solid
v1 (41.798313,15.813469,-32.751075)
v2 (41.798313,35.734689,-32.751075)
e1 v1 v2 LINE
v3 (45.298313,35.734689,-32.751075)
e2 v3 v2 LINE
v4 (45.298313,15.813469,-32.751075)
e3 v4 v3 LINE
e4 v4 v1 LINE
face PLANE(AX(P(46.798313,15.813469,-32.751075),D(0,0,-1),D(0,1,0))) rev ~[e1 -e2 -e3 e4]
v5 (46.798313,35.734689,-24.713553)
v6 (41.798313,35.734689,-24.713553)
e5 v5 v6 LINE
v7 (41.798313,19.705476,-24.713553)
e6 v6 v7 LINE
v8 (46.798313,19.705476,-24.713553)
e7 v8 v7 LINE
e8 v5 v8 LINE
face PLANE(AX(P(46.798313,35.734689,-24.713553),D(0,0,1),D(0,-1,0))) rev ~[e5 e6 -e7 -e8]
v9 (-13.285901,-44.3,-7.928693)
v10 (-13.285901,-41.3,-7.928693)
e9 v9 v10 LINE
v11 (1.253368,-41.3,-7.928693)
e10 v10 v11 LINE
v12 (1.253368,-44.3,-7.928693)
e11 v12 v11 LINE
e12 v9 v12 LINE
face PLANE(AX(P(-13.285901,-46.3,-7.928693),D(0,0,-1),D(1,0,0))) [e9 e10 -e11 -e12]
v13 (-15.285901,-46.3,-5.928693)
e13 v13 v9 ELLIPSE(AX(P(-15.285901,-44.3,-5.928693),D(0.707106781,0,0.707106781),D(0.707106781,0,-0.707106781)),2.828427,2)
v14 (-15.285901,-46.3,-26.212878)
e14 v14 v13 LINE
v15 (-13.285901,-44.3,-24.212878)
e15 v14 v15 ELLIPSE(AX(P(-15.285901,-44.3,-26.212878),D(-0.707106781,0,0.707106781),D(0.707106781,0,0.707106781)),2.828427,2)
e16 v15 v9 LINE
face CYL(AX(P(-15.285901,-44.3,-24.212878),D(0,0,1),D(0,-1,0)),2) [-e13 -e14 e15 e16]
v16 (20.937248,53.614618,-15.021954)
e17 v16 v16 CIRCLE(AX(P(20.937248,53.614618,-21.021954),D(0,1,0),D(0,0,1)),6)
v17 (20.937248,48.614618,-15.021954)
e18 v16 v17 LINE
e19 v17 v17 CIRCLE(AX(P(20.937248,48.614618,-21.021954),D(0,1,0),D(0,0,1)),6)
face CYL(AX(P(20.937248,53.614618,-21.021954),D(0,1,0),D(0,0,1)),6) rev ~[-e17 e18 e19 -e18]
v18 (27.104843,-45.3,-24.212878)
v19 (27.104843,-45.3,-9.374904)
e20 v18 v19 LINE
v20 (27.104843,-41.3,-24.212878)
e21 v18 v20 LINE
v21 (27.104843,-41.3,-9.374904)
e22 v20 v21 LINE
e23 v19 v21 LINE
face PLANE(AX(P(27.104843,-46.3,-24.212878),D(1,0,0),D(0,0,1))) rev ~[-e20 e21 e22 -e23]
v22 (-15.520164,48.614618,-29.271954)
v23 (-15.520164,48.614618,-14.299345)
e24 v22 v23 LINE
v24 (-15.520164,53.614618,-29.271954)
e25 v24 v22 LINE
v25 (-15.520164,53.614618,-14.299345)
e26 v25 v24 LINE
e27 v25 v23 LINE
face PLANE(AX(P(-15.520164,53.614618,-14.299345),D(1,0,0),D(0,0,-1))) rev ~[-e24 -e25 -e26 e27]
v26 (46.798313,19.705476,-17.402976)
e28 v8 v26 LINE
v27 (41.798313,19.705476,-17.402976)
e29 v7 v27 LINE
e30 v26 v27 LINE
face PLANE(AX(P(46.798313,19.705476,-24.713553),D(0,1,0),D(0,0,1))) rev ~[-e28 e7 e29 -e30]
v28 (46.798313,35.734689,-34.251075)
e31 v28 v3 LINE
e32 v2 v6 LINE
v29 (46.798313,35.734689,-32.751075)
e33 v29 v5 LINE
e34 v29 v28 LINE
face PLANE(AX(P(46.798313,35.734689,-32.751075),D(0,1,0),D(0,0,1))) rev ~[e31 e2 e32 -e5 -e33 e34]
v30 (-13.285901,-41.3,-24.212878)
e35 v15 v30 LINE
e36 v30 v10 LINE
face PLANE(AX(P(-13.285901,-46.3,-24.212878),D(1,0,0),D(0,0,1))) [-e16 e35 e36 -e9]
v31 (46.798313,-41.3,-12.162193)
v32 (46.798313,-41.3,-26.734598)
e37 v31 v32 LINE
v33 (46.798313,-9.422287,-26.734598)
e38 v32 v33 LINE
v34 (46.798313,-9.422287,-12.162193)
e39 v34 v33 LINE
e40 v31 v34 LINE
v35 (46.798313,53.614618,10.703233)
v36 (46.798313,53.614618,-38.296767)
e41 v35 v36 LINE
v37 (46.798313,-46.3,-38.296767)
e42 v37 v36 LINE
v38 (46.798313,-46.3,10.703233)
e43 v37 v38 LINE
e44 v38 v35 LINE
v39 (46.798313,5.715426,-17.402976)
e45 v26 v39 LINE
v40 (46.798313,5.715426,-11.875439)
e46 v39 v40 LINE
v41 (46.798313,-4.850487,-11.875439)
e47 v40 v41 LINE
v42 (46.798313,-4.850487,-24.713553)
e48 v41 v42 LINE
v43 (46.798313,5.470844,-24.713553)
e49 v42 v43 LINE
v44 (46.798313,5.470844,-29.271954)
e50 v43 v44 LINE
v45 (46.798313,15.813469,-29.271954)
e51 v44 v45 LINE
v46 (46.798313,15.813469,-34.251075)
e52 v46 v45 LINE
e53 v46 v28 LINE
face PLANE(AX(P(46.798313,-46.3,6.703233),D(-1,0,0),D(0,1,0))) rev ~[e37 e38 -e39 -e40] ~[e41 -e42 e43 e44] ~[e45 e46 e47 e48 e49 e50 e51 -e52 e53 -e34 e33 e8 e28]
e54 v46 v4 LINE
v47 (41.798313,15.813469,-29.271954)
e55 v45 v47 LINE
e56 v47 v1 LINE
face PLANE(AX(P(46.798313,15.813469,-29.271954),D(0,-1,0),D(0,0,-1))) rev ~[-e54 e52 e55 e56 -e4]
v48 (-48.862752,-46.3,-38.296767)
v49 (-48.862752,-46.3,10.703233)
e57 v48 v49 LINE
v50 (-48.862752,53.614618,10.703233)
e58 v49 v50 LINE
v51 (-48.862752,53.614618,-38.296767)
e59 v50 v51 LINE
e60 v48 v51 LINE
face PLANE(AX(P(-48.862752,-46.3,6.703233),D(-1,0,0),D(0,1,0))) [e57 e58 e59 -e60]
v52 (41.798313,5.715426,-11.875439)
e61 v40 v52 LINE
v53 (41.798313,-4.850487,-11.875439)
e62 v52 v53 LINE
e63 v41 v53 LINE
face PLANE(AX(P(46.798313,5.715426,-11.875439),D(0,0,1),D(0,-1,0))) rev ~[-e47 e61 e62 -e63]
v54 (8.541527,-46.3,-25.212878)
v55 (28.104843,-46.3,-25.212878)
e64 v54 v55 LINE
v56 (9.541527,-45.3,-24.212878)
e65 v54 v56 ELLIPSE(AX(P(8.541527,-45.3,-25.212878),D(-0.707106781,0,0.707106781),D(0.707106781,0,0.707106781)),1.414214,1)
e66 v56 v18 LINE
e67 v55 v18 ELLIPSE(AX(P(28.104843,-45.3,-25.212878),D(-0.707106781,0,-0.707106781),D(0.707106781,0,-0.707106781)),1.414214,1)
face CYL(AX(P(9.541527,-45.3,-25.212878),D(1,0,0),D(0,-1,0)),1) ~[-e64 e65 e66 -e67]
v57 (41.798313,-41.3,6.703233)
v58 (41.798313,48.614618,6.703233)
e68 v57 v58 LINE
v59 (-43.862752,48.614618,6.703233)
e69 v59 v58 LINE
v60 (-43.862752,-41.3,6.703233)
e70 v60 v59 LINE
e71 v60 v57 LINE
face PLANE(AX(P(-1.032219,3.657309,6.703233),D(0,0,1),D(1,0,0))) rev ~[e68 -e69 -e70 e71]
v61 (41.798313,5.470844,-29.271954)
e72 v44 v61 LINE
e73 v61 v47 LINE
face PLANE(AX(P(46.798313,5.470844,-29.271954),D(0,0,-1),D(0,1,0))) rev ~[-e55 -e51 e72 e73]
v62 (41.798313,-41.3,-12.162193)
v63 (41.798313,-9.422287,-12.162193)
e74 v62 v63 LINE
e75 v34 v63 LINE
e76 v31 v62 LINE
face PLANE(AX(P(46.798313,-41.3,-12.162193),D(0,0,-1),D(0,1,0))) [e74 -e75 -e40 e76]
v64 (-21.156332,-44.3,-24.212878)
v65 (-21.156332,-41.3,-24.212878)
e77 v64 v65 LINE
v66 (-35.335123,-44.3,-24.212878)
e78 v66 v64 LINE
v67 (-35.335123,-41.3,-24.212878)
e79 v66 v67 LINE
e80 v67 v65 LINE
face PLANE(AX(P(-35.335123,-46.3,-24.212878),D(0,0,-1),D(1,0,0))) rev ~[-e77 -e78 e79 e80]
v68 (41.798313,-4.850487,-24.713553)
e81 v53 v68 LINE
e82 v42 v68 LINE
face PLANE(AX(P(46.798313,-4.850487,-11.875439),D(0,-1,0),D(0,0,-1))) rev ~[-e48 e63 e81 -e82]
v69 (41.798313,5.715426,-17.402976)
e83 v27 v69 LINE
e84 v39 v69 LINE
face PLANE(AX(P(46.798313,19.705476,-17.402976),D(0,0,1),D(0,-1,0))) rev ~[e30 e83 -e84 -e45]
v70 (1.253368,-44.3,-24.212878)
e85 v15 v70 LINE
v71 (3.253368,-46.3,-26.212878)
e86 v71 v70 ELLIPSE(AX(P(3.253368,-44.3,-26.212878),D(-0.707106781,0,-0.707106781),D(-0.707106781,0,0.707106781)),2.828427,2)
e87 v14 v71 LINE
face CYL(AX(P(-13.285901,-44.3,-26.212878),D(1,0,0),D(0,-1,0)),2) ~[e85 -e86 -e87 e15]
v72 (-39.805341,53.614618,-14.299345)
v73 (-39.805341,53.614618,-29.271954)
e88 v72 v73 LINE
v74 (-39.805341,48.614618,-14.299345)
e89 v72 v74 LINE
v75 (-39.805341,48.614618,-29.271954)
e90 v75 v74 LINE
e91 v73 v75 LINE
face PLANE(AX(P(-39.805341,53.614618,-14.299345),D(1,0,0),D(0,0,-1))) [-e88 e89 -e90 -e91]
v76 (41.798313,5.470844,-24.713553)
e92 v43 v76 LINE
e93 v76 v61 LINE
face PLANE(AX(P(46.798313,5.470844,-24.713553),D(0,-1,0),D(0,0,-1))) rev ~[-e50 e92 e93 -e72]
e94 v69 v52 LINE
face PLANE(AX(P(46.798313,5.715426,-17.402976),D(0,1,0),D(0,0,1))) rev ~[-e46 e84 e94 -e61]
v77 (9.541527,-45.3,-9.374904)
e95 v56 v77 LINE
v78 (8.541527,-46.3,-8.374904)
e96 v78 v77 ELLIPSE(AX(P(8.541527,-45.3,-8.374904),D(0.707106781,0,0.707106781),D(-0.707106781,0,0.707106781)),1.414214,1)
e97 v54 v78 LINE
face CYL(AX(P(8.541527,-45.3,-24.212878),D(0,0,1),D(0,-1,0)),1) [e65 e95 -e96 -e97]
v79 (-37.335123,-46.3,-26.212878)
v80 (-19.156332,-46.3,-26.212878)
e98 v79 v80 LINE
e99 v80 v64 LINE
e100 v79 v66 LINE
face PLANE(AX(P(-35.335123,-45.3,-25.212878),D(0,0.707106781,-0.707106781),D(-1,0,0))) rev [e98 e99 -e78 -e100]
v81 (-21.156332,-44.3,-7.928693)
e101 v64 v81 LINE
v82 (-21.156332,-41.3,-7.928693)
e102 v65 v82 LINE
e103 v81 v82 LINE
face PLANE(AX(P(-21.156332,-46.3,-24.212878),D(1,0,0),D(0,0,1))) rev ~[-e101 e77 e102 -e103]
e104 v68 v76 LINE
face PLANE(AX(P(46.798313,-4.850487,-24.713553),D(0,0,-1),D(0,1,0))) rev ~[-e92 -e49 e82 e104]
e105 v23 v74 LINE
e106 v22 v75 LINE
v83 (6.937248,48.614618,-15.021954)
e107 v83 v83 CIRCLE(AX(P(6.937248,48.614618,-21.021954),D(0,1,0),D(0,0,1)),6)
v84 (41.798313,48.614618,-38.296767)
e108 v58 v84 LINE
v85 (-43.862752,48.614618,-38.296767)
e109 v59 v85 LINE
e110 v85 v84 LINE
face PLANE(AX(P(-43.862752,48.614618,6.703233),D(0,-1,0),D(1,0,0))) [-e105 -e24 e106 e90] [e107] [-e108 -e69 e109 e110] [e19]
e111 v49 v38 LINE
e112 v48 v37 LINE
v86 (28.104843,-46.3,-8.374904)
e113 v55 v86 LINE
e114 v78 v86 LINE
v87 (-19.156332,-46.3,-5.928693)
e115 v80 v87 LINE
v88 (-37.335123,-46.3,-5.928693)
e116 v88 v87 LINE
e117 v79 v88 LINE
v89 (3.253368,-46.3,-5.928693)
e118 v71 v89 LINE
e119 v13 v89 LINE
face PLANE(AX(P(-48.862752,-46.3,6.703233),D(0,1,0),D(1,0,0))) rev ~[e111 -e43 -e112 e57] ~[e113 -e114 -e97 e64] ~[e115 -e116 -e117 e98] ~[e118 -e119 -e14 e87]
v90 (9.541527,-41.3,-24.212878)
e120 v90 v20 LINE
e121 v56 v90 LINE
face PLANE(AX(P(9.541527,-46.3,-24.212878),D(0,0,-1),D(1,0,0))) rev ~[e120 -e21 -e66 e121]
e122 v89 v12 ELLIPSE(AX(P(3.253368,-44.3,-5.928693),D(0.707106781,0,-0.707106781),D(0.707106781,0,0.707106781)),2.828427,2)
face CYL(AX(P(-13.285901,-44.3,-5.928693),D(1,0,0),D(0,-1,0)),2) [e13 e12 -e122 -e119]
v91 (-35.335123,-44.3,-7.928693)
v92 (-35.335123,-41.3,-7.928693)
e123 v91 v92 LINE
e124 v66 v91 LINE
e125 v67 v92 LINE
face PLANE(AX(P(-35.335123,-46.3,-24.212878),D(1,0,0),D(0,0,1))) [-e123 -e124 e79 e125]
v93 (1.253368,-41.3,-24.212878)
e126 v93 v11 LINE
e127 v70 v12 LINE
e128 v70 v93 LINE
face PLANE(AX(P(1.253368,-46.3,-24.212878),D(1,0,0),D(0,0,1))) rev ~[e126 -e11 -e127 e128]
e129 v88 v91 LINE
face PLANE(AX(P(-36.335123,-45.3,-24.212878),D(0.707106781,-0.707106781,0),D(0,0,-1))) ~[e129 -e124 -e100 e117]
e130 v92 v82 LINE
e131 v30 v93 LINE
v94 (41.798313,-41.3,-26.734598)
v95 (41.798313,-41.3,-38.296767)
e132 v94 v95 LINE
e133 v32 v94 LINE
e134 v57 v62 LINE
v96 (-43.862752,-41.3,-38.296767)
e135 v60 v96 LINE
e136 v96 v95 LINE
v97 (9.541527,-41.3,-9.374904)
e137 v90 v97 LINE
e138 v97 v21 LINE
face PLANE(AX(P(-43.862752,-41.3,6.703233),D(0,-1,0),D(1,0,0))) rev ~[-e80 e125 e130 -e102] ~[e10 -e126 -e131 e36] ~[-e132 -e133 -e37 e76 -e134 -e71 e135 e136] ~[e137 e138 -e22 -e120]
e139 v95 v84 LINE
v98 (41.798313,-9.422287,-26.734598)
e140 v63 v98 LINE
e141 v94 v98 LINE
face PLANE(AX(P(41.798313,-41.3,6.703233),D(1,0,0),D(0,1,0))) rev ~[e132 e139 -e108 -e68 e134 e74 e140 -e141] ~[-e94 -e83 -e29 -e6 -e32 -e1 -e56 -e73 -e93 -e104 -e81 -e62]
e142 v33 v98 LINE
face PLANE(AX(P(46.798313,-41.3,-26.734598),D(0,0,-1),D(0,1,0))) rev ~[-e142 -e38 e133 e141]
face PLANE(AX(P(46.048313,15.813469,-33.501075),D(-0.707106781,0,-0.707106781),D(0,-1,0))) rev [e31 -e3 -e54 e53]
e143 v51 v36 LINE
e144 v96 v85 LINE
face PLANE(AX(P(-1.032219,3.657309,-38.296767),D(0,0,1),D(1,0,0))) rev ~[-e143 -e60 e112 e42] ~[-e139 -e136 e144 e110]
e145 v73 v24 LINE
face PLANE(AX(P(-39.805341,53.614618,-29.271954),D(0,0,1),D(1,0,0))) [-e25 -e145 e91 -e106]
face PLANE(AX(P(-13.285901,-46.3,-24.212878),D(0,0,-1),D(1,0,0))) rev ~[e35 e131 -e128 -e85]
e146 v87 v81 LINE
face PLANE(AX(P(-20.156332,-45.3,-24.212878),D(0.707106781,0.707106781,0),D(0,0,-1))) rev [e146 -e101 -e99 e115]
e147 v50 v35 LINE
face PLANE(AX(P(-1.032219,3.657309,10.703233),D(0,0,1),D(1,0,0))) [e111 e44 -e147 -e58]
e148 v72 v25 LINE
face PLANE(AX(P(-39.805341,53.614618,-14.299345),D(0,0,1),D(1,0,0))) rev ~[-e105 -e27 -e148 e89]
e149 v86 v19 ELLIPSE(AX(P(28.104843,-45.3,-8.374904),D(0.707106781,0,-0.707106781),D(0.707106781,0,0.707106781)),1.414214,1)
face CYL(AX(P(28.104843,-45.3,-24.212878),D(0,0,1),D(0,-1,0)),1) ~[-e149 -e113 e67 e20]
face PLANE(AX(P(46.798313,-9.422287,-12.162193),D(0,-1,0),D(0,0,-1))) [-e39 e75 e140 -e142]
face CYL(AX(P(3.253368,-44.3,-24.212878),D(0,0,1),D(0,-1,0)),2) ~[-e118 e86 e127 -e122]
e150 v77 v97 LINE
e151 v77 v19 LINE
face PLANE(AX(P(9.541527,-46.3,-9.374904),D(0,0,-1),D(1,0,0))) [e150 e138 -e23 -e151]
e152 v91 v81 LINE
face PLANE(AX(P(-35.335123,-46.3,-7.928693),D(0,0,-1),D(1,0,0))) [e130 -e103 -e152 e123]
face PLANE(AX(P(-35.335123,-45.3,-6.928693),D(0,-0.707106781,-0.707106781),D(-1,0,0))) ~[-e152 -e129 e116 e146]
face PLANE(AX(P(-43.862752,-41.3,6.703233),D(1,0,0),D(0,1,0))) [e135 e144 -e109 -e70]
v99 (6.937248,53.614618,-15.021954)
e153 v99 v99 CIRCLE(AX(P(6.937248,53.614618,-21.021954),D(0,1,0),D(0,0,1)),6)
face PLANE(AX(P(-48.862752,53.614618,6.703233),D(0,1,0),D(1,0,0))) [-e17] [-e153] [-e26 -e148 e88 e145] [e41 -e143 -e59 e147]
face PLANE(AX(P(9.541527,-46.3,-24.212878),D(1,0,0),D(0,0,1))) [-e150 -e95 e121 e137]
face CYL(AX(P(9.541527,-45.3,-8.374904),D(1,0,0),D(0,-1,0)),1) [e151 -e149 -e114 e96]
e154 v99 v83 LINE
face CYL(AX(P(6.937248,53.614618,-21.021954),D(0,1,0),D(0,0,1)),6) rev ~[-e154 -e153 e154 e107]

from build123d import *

# Parameters (mm, degrees)
SCHIZZO2_W                = 95.661065857
SCHIZZO2_H                = 99.914617901
SCHIZZO2_W_2              = 85.661065857
SCHIZZO2_H_2              = 89.914617901
ESTRUSIONE_SOTTILE1_DEPTH = 45
SCHIZZO5_W                = 14.572404991
SCHIZZO5_H                = 31.877712984
TAGLIO_ESTRUSIONE2_DEPTH  = 5
SCHIZZO6_W                = 17.563316518
SCHIZZO6_H                = 14.837974299
SCHIZZO6_W_2              = 14.53926904
SCHIZZO6_H_2              = 16.284185158
SCHIZZO6_W_3              = 14.178791295
TAGLIO_ESTRUSIONE3_DEPTH  = 5
SMUSSO5_SIZE              = 2
SMUSSO6_SIZE              = 1.5
SKETCH1_R                 = 6
SKETCH1_W                 = 24.285177085
SKETCH1_H                 = 14.972609064
CUT_EXTRUDE1_DEPTH        = 10
FILLET1_R                 = 2
FILLET2_R                 = 1
SKETCH2_W                 = 95.661065857
SKETCH2_H                 = 99.914617901
BOSS_EXTRUDE1_DEPTH       = 4


with BuildPart() as part:
    # Schizzo2 → Estrusione-Sottile1 (new body)
    with BuildSketch(Plane.XY.offset(6.703232706)):
        with Locations((-1.032219499, 3.65730895)):
            Rectangle(SCHIZZO2_W, SCHIZZO2_H)
        with Locations((-1.032219499, 3.65730895)):
            Rectangle(SCHIZZO2_W_2, SCHIZZO2_H_2, mode=Mode.SUBTRACT)
    extrude(amount=-ESTRUSIONE_SOTTILE1_DEPTH)

    # Schizzo5 → Taglio-Estrusione2 (cut)
    with BuildSketch(Plane(origin=(46.798313429, 0, 0), x_dir=(0, 0, -1), z_dir=(1, 0, 0))):
        Polygon((32.751075083, 35.734689364), (24.713552886, 35.734689364), (24.713552886, 19.705476421), (17.402976387, 19.705476421), (17.402976387, 5.715425641), (11.875438841, 5.715425641), (11.875438841, 5.226263026), (11.875438841, -4.850486837), (24.713552886, -4.850486837), (24.713552886, 5.470844333), (29.271954363, 5.470844333), (29.271954363, 15.813468704), (32.751075083, 15.813468704), align=None)
        with Locations((19.448395228, -25.361143508)):
            Rectangle(SCHIZZO5_W, SCHIZZO5_H)
    extrude(amount=-TAGLIO_ESTRUSIONE2_DEPTH, mode=Mode.SUBTRACT)

    # Schizzo6 → Taglio-Estrusione3 (cut)
    with BuildSketch(Plane.XZ.offset(46.3)):
        with Locations((18.323185023, -16.793891295)):
            Rectangle(SCHIZZO6_W, SCHIZZO6_H)
        with Locations((-6.016266439, -16.070785866)):
            Rectangle(SCHIZZO6_W_2, SCHIZZO6_H_2)
        with Locations((-28.245727369, -16.070785866)):
            Rectangle(SCHIZZO6_W_3, SCHIZZO6_H_2)
    extrude(amount=-TAGLIO_ESTRUSIONE3_DEPTH, mode=Mode.SUBTRACT)

    # Smusso5
    smusso5_edges = [part.edges().sort_by_distance(p)[0] for p in [
        (-21.156331721, -46.3, -16.070785866),
        (-28.245727368, -46.3, -24.212878445),
        (-35.335123016, -46.3, -16.070785866),
        (-28.245727368, -46.3, -7.928693287),
    ]]
    chamfer(smusso5_edges, length=SMUSSO5_SIZE)

    # Smusso6
    smusso6_edges = [part.edges().sort_by_distance(p)[0] for p in [
        (46.798313429, 25.774079034, -32.751075083),
    ]]
    chamfer(smusso6_edges, length=SMUSSO6_SIZE)

    # Sketch1 → Cut-Extrude1 (cut)
    with BuildSketch(Plane(origin=(0, 53.614617901, 0), x_dir=(1, 0, 0), z_dir=(0, 1, 0))):
        with Locations((20.937247572, 21.021954363)):
            Circle(SKETCH1_R)
        with Locations((6.937247572, 21.021954363)):
            Circle(SKETCH1_R)
        with Locations((-27.662752428, 21.785649831)):
            Rectangle(SKETCH1_W, SKETCH1_H)
    extrude(amount=-CUT_EXTRUDE1_DEPTH, mode=Mode.SUBTRACT)

    # Fillet1
    fillet1_edges = [part.edges().sort_by_distance(p)[0] for p in [
        (-6.016266439, -46.3, -24.212878445),
        (1.253368081, -46.3, -16.070785866),
        (-6.016266439, -46.3, -7.928693287),
        (-13.285900959, -46.3, -16.070785866),
    ]]
    fillet(fillet1_edges, radius=FILLET1_R)

    # Fillet2
    fillet2_edges = [part.edges().sort_by_distance(p)[0] for p in [
        (27.104843282, -46.3, -16.793891295),
        (18.323185023, -46.3, -9.374904146),
        (9.541526764, -46.3, -16.793891295),
        (18.323185023, -46.3, -24.212878445),
    ]]
    fillet(fillet2_edges, radius=FILLET2_R)

    # Sketch2 → Boss-Extrude1 (add)
    with BuildSketch(Plane.XY.offset(6.703232706)):
        with Locations((-1.032219499, 3.65730895)):
            Rectangle(SKETCH2_W, SKETCH2_H)
    extrude(amount=BOSS_EXTRUDE1_DEPTH)


solid = part.part
